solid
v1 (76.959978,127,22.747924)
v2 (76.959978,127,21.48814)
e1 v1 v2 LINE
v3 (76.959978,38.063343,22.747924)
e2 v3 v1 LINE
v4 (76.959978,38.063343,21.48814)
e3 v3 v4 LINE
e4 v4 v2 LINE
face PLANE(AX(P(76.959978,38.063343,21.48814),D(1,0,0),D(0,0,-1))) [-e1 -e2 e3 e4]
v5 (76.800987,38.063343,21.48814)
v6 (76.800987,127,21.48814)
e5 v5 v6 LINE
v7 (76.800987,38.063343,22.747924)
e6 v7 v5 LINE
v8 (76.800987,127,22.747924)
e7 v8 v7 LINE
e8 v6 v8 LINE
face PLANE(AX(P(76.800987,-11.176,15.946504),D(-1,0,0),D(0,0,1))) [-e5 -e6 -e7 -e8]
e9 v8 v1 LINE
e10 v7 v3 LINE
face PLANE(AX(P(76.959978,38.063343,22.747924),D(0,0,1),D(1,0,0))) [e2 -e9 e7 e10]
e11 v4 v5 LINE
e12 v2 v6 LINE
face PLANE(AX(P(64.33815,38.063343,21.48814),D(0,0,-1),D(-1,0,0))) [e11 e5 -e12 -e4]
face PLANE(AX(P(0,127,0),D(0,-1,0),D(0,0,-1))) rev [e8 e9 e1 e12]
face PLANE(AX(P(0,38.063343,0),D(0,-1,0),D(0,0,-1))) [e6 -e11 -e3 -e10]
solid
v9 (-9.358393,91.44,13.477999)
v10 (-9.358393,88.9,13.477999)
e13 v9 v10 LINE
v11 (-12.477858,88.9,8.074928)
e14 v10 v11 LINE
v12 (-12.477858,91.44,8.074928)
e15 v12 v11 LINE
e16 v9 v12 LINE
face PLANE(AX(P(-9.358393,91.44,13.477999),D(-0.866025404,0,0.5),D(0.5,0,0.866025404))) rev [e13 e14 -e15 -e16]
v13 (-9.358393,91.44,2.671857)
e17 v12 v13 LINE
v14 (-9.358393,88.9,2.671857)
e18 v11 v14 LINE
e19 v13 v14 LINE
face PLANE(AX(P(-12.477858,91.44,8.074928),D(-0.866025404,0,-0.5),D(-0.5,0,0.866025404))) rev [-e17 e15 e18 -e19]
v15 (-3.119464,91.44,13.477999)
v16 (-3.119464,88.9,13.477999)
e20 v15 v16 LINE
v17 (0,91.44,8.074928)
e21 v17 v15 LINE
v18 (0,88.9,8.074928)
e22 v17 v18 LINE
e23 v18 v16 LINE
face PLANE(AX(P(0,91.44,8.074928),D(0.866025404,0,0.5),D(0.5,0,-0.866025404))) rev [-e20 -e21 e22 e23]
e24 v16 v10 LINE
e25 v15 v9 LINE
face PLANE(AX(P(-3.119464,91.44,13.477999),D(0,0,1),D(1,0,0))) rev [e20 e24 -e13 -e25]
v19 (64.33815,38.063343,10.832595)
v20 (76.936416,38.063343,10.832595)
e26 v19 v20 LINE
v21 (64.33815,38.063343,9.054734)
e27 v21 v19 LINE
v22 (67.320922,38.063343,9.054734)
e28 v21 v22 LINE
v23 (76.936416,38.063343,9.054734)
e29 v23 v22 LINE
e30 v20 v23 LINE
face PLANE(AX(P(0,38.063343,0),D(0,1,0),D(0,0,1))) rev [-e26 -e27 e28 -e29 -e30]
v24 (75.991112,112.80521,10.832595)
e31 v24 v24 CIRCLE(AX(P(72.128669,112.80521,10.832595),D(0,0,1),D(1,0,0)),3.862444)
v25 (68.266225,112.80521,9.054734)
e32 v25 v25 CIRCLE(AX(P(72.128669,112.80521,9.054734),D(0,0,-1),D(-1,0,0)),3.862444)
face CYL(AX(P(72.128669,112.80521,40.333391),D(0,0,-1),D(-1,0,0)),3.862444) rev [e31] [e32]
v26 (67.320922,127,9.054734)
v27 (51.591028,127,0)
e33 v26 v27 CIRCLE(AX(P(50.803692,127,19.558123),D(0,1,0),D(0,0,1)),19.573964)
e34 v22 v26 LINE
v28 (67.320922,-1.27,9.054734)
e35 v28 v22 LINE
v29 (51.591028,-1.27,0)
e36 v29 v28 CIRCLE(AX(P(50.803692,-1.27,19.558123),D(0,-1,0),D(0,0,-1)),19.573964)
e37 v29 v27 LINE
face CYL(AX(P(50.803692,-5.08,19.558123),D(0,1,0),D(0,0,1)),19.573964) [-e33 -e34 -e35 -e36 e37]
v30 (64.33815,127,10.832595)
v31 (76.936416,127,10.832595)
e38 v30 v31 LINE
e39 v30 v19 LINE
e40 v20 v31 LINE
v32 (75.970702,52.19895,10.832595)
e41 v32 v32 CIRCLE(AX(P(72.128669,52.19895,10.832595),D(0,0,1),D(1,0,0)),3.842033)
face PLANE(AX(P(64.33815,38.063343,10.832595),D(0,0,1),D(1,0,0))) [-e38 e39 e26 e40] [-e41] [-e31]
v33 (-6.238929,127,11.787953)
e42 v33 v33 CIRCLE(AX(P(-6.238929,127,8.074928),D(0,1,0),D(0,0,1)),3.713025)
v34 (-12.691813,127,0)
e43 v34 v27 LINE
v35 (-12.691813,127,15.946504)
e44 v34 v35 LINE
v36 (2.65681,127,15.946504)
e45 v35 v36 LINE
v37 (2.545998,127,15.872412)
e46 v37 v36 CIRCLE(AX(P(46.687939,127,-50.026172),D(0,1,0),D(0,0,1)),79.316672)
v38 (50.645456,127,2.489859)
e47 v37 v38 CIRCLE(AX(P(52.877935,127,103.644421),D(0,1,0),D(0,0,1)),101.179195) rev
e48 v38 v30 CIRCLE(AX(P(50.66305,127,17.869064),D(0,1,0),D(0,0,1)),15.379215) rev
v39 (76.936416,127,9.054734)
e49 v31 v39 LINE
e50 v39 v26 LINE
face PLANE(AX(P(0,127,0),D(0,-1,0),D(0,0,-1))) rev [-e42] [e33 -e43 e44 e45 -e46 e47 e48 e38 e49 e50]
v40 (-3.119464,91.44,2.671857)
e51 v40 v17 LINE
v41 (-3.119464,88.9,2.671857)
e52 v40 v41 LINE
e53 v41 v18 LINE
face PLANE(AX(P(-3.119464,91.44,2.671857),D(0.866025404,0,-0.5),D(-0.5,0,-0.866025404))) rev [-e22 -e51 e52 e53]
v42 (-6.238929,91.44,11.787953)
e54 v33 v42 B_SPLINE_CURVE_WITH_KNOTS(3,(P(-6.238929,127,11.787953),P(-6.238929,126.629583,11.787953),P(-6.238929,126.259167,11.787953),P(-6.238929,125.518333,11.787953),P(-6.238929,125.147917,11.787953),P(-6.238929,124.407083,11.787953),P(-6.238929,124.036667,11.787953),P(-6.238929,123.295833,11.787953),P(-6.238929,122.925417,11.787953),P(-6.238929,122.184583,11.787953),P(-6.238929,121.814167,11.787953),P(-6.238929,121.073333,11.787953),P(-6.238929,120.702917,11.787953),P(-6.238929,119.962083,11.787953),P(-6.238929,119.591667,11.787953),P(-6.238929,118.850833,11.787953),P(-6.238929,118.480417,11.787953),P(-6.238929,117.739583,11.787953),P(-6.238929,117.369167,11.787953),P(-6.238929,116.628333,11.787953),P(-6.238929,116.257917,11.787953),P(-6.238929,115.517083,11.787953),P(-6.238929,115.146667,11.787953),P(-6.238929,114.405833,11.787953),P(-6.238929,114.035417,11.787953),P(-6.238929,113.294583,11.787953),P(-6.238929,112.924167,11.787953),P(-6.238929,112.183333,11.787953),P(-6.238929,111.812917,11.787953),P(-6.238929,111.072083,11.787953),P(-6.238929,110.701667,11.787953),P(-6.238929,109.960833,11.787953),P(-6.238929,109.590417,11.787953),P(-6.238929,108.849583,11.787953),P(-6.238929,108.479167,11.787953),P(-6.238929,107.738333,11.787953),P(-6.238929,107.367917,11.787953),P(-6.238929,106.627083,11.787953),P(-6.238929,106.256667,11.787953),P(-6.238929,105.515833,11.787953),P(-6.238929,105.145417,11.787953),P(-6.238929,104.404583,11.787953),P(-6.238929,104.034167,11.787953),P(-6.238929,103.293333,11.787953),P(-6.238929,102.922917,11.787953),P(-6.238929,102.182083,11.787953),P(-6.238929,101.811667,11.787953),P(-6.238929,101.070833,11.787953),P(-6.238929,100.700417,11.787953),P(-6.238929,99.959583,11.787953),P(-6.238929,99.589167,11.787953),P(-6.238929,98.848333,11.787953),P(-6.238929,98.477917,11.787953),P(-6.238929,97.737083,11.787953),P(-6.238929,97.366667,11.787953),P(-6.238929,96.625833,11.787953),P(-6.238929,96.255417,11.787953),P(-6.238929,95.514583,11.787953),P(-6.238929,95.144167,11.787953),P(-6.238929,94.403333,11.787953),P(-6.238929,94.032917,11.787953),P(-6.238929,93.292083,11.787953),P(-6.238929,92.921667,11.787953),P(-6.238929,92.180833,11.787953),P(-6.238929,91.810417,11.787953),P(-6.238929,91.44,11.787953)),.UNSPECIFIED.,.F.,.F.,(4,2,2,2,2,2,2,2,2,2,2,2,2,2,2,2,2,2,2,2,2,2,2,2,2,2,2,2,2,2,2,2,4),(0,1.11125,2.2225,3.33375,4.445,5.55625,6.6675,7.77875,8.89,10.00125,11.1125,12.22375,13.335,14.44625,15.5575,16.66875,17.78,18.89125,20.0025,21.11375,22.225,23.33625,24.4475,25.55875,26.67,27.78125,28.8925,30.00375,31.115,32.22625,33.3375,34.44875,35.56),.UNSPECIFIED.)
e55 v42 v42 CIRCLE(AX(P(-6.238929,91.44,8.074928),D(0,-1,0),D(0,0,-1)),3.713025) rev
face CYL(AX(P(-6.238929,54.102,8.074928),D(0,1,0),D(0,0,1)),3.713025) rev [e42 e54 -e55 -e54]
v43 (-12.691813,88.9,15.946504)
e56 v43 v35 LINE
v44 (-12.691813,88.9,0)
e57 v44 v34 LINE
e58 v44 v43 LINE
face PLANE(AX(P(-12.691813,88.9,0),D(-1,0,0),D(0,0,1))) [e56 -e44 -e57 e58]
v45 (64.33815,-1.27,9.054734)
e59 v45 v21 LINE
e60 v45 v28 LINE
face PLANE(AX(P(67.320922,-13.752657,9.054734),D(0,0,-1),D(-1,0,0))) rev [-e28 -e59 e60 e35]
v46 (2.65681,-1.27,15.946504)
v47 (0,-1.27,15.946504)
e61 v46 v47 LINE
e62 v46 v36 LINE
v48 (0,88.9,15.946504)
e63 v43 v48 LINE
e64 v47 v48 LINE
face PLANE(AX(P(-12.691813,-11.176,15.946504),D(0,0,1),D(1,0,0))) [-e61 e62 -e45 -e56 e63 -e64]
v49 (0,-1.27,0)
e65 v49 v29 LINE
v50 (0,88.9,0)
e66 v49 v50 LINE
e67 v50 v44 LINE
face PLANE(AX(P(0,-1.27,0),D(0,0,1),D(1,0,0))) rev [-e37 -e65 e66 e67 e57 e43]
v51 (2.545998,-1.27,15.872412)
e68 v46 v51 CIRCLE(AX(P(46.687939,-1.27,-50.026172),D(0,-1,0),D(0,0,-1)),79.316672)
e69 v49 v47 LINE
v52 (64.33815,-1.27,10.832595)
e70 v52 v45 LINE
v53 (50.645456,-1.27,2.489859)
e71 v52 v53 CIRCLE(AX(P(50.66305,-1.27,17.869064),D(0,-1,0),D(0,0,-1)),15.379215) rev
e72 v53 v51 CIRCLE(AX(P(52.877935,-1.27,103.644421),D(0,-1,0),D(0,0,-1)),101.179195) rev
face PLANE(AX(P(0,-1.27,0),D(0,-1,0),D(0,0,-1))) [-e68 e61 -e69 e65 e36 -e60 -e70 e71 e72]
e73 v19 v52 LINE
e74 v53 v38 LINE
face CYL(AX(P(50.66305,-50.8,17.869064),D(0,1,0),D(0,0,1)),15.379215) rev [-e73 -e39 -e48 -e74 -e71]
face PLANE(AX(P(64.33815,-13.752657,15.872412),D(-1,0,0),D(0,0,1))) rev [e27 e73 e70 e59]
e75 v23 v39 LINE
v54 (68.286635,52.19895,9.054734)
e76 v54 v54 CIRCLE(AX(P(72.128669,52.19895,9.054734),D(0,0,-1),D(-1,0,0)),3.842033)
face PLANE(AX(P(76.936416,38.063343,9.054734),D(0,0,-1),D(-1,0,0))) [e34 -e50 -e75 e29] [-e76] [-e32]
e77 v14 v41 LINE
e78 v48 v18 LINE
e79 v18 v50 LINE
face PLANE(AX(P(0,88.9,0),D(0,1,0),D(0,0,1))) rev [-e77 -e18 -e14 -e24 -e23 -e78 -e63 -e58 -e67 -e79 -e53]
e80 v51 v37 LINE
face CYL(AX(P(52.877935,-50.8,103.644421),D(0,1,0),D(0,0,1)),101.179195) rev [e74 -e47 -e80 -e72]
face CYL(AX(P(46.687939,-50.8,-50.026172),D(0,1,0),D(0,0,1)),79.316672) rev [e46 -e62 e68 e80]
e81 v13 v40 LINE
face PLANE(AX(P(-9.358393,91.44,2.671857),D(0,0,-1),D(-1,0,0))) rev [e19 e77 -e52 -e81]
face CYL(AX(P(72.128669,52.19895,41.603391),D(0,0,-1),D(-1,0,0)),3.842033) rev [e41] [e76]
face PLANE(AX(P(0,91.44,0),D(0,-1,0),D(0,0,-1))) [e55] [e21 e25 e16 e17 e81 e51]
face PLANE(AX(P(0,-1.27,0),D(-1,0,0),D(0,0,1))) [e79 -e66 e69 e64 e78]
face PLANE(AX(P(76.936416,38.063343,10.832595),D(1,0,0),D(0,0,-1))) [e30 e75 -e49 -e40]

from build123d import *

# Parameters (mm, degrees)
BOSS_EXTRUDE1_DEPTH      = 127
BOSS_EXTRUDE1_DEPTH_BACK = 1.27
SKETCH1_W                = 67.320921889
SKETCH1_H                = 31.744824956
BOSS_EXTRUDE2_DEPTH      = 38.1
SKETCH3_R                = 3.798675559
CUT_EXTRUDE1_DEPTH       = 53.34
SKETCH4_R                = 3.713025355
CUT_EXTRUDE2_DEPTH       = 72.898
CUT_EXTRUDE3_DEPTH       = 177.8
CUT_EXTRUDE4_DEPTH       = 140.752657
SKETCH7_W                = 12.598265338
SKETCH7_H                = 1.777860749
BOSS_EXTRUDE3_DEPTH      = 88.936657
SKETCH8_W                = 12.621827424
SKETCH8_H                = 1.259783395
BOSS_EXTRUDE4_DEPTH      = 88.936657
SKETCH9_R                = 3.862443539
CUT_EXTRUDE5_DEPTH       = 31.278657
SKETCH10_R               = 3.842033399
CUT_EXTRUDE6_DEPTH       = 32.548657
SKETCH12_W               = 89.492799736
SKETCH12_H               = 16.90476451
CUT_EXTRUDE7_DEPTH       = 138.176
CUT_EXTRUDE8_DEPTH       = 2.54
CUT_EXTRUDE9_DEPTH       = 132.08


with BuildPart() as part:
    # Sketch1 → Boss-Extrude1 (new, two sides: drawn at the far end of the back side and taken through both)
    with BuildSketch(Plane(origin=(0, 0, 0), x_dir=(1, 0, 0), z_dir=(0, 1, 0)).offset(-BOSS_EXTRUDE1_DEPTH_BACK)):
        with Locations((33.660460945, -15.872412478)):
            Rectangle(SKETCH1_W, SKETCH1_H)
    extrude(amount=BOSS_EXTRUDE1_DEPTH + BOSS_EXTRUDE1_DEPTH_BACK)

    # Sketch2 → Boss-Extrude2 (add)
    with BuildSketch(Plane(origin=(0, 127, 0), x_dir=(1, 0, 0), z_dir=(0, 1, 0))):
        Polygon((0, 0), (-12.691812955, 0), (-12.691812955, -31.893008725), (0, -31.744824956), align=None)
    extrude(amount=-BOSS_EXTRUDE2_DEPTH)

    # Sketch3 → Cut-Extrude1 (cut)
    with BuildSketch(Plane(origin=(0, 127, 0), x_dir=(1, 0, 0), z_dir=(0, 1, 0))):
        with Locations(Location((-6.345906477, -23.919756544, 0), (0, 0, 270))):
            Circle(SKETCH3_R)
    extrude(amount=-CUT_EXTRUDE1_DEPTH, mode=Mode.SUBTRACT)

    # Sketch4 → Cut-Extrude2 (cut)
    with BuildSketch(Plane(origin=(0, 127, 0), x_dir=(1, 0, 0), z_dir=(0, 1, 0))):
        with Locations(Location((-6.238928802, -8.074927798, 0), (0, 0, 270))):
            Circle(SKETCH4_R)
    extrude(amount=-CUT_EXTRUDE2_DEPTH, mode=Mode.SUBTRACT)

    # Sketch5 → Cut-Extrude3 (cut)
    with BuildSketch(Plane(origin=(0, 127, 0), x_dir=(1, 0, 0), z_dir=(0, 1, 0))):
        with BuildLine():
            ThreePointArc((64.884408785, -12.014730435), (65.337632333, -15.775676375), (64.884408785, -19.536622316))
            ThreePointArc((64.884408785, -19.536622316), (59.764565977, -27.313148833), (50.645455775, -29.191707899))
            ThreePointArc((50.645455775, -29.191707899), (25.520797189, -26.413912497), (2.545998088, -15.872412478))
            ThreePointArc((2.545998088, -15.872412478), (25.757322084, -6.167748294), (50.645455775, -2.489858962))
            ThreePointArc((50.645455775, -2.489858962), (59.21392875, -5.086156005), (64.884408785, -12.014730435))
        make_face()
    extrude(amount=-CUT_EXTRUDE3_DEPTH, mode=Mode.SUBTRACT)

    # Sketch6 → Cut-Extrude4 (cut)
    with BuildSketch(Plane(origin=(0, 127, 0), x_dir=(1, 0, 0), z_dir=(0, 1, 0))):
        Polygon((64.338150371, -15.872412478), (64.338150371, -22.747923603), (67.320921889, -22.747923603), (67.320921889, -9.054734185), (64.338150371, -9.054734185), align=None)
    extrude(amount=-CUT_EXTRUDE4_DEPTH, mode=Mode.SUBTRACT)

    # Sketch7 → Boss-Extrude3 (add)
    with BuildSketch(Plane(origin=(0, 127, 0), x_dir=(1, 0, 0), z_dir=(0, 1, 0))):
        with Locations((70.63728304, -9.94366456)):
            Rectangle(SKETCH7_W, SKETCH7_H)
    extrude(amount=-BOSS_EXTRUDE3_DEPTH)

    # Sketch8 → Boss-Extrude4 (add)
    with BuildSketch(Plane(origin=(0, 127, 0), x_dir=(1, 0, 0), z_dir=(0, 1, 0))):
        with Locations((70.649064083, -22.118031906)):
            Rectangle(SKETCH8_W, SKETCH8_H)
    extrude(amount=-BOSS_EXTRUDE4_DEPTH)

    # Sketch9 → Cut-Extrude5 (cut)
    with BuildSketch(Plane(origin=(0, 0, 9.054734185), x_dir=(-1, 0, 0), z_dir=(0, 0, -1))):
        with Locations((-72.128668799, 112.805210201)):
            Circle(SKETCH9_R)
    extrude(amount=-CUT_EXTRUDE5_DEPTH, mode=Mode.SUBTRACT)

    # Sketch10 → Cut-Extrude6 (cut)
    with BuildSketch(Plane(origin=(0, 0, 9.054734185), x_dir=(-1, 0, 0), z_dir=(0, 0, -1))):
        with Locations((-72.128668799, 52.198950376)):
            Circle(SKETCH10_R)
    extrude(amount=-CUT_EXTRUDE6_DEPTH, mode=Mode.SUBTRACT)

    # Sketch12 → Cut-Extrude7 (cut)
    with BuildSketch(Plane(origin=(0, 127, 0), x_dir=(1, 0, 0), z_dir=(0, 1, 0))):
        with Locations((32.054586913, -24.398886618)):
            Rectangle(SKETCH12_W, SKETCH12_H)
    extrude(amount=-CUT_EXTRUDE7_DEPTH, mode=Mode.SUBTRACT)


with BuildPart() as cut_extrude7_piece_1:
    # of the separate pieces the step leaves, piece 1, a body of its own (cut_extrude7_pieces)
    add(part.part.solids().sort_by_distance((67.320921889, 127, 0))[0])

    # Sketch13 → Cut-Extrude8 (cut)
    with BuildSketch(Plane.XZ.offset(-88.9)):
        Polygon((0, 8.074927798), (-3.119464401, 13.477998634), (-9.358393203, 13.477998634), (-12.477857605, 8.074927798), (-9.358393203, 2.671856963), (-3.119464401, 2.671856963), align=None)
    extrude(amount=-CUT_EXTRUDE8_DEPTH, mode=Mode.SUBTRACT)

    # Sketch14 → Cut-Extrude9 (cut)
    with BuildSketch(Plane(origin=(0, 127, 0), x_dir=(1, 0, 0), z_dir=(0, 1, 0))):
        with BuildLine():
            Line((67.320921889, 0), (51.591028303, 0))
            ThreePointArc((51.591028303, 0), (60.568888098, -2.594013475), (67.320921889, -9.054734185))
            Line((67.320921889, -9.054734185), (67.320921889, 0))
        make_face()
    extrude(amount=-CUT_EXTRUDE9_DEPTH, mode=Mode.SUBTRACT)


with BuildPart() as cut_extrude7_piece_2:
    # of the separate pieces the step leaves, piece 2, a body of its own (cut_extrude7_pieces)
    add(part.part.solids().sort_by_distance((76.800986781, 127, 21.488140208))[0])


solid = Compound([cut_extrude7_piece_1.part, cut_extrude7_piece_2.part])
